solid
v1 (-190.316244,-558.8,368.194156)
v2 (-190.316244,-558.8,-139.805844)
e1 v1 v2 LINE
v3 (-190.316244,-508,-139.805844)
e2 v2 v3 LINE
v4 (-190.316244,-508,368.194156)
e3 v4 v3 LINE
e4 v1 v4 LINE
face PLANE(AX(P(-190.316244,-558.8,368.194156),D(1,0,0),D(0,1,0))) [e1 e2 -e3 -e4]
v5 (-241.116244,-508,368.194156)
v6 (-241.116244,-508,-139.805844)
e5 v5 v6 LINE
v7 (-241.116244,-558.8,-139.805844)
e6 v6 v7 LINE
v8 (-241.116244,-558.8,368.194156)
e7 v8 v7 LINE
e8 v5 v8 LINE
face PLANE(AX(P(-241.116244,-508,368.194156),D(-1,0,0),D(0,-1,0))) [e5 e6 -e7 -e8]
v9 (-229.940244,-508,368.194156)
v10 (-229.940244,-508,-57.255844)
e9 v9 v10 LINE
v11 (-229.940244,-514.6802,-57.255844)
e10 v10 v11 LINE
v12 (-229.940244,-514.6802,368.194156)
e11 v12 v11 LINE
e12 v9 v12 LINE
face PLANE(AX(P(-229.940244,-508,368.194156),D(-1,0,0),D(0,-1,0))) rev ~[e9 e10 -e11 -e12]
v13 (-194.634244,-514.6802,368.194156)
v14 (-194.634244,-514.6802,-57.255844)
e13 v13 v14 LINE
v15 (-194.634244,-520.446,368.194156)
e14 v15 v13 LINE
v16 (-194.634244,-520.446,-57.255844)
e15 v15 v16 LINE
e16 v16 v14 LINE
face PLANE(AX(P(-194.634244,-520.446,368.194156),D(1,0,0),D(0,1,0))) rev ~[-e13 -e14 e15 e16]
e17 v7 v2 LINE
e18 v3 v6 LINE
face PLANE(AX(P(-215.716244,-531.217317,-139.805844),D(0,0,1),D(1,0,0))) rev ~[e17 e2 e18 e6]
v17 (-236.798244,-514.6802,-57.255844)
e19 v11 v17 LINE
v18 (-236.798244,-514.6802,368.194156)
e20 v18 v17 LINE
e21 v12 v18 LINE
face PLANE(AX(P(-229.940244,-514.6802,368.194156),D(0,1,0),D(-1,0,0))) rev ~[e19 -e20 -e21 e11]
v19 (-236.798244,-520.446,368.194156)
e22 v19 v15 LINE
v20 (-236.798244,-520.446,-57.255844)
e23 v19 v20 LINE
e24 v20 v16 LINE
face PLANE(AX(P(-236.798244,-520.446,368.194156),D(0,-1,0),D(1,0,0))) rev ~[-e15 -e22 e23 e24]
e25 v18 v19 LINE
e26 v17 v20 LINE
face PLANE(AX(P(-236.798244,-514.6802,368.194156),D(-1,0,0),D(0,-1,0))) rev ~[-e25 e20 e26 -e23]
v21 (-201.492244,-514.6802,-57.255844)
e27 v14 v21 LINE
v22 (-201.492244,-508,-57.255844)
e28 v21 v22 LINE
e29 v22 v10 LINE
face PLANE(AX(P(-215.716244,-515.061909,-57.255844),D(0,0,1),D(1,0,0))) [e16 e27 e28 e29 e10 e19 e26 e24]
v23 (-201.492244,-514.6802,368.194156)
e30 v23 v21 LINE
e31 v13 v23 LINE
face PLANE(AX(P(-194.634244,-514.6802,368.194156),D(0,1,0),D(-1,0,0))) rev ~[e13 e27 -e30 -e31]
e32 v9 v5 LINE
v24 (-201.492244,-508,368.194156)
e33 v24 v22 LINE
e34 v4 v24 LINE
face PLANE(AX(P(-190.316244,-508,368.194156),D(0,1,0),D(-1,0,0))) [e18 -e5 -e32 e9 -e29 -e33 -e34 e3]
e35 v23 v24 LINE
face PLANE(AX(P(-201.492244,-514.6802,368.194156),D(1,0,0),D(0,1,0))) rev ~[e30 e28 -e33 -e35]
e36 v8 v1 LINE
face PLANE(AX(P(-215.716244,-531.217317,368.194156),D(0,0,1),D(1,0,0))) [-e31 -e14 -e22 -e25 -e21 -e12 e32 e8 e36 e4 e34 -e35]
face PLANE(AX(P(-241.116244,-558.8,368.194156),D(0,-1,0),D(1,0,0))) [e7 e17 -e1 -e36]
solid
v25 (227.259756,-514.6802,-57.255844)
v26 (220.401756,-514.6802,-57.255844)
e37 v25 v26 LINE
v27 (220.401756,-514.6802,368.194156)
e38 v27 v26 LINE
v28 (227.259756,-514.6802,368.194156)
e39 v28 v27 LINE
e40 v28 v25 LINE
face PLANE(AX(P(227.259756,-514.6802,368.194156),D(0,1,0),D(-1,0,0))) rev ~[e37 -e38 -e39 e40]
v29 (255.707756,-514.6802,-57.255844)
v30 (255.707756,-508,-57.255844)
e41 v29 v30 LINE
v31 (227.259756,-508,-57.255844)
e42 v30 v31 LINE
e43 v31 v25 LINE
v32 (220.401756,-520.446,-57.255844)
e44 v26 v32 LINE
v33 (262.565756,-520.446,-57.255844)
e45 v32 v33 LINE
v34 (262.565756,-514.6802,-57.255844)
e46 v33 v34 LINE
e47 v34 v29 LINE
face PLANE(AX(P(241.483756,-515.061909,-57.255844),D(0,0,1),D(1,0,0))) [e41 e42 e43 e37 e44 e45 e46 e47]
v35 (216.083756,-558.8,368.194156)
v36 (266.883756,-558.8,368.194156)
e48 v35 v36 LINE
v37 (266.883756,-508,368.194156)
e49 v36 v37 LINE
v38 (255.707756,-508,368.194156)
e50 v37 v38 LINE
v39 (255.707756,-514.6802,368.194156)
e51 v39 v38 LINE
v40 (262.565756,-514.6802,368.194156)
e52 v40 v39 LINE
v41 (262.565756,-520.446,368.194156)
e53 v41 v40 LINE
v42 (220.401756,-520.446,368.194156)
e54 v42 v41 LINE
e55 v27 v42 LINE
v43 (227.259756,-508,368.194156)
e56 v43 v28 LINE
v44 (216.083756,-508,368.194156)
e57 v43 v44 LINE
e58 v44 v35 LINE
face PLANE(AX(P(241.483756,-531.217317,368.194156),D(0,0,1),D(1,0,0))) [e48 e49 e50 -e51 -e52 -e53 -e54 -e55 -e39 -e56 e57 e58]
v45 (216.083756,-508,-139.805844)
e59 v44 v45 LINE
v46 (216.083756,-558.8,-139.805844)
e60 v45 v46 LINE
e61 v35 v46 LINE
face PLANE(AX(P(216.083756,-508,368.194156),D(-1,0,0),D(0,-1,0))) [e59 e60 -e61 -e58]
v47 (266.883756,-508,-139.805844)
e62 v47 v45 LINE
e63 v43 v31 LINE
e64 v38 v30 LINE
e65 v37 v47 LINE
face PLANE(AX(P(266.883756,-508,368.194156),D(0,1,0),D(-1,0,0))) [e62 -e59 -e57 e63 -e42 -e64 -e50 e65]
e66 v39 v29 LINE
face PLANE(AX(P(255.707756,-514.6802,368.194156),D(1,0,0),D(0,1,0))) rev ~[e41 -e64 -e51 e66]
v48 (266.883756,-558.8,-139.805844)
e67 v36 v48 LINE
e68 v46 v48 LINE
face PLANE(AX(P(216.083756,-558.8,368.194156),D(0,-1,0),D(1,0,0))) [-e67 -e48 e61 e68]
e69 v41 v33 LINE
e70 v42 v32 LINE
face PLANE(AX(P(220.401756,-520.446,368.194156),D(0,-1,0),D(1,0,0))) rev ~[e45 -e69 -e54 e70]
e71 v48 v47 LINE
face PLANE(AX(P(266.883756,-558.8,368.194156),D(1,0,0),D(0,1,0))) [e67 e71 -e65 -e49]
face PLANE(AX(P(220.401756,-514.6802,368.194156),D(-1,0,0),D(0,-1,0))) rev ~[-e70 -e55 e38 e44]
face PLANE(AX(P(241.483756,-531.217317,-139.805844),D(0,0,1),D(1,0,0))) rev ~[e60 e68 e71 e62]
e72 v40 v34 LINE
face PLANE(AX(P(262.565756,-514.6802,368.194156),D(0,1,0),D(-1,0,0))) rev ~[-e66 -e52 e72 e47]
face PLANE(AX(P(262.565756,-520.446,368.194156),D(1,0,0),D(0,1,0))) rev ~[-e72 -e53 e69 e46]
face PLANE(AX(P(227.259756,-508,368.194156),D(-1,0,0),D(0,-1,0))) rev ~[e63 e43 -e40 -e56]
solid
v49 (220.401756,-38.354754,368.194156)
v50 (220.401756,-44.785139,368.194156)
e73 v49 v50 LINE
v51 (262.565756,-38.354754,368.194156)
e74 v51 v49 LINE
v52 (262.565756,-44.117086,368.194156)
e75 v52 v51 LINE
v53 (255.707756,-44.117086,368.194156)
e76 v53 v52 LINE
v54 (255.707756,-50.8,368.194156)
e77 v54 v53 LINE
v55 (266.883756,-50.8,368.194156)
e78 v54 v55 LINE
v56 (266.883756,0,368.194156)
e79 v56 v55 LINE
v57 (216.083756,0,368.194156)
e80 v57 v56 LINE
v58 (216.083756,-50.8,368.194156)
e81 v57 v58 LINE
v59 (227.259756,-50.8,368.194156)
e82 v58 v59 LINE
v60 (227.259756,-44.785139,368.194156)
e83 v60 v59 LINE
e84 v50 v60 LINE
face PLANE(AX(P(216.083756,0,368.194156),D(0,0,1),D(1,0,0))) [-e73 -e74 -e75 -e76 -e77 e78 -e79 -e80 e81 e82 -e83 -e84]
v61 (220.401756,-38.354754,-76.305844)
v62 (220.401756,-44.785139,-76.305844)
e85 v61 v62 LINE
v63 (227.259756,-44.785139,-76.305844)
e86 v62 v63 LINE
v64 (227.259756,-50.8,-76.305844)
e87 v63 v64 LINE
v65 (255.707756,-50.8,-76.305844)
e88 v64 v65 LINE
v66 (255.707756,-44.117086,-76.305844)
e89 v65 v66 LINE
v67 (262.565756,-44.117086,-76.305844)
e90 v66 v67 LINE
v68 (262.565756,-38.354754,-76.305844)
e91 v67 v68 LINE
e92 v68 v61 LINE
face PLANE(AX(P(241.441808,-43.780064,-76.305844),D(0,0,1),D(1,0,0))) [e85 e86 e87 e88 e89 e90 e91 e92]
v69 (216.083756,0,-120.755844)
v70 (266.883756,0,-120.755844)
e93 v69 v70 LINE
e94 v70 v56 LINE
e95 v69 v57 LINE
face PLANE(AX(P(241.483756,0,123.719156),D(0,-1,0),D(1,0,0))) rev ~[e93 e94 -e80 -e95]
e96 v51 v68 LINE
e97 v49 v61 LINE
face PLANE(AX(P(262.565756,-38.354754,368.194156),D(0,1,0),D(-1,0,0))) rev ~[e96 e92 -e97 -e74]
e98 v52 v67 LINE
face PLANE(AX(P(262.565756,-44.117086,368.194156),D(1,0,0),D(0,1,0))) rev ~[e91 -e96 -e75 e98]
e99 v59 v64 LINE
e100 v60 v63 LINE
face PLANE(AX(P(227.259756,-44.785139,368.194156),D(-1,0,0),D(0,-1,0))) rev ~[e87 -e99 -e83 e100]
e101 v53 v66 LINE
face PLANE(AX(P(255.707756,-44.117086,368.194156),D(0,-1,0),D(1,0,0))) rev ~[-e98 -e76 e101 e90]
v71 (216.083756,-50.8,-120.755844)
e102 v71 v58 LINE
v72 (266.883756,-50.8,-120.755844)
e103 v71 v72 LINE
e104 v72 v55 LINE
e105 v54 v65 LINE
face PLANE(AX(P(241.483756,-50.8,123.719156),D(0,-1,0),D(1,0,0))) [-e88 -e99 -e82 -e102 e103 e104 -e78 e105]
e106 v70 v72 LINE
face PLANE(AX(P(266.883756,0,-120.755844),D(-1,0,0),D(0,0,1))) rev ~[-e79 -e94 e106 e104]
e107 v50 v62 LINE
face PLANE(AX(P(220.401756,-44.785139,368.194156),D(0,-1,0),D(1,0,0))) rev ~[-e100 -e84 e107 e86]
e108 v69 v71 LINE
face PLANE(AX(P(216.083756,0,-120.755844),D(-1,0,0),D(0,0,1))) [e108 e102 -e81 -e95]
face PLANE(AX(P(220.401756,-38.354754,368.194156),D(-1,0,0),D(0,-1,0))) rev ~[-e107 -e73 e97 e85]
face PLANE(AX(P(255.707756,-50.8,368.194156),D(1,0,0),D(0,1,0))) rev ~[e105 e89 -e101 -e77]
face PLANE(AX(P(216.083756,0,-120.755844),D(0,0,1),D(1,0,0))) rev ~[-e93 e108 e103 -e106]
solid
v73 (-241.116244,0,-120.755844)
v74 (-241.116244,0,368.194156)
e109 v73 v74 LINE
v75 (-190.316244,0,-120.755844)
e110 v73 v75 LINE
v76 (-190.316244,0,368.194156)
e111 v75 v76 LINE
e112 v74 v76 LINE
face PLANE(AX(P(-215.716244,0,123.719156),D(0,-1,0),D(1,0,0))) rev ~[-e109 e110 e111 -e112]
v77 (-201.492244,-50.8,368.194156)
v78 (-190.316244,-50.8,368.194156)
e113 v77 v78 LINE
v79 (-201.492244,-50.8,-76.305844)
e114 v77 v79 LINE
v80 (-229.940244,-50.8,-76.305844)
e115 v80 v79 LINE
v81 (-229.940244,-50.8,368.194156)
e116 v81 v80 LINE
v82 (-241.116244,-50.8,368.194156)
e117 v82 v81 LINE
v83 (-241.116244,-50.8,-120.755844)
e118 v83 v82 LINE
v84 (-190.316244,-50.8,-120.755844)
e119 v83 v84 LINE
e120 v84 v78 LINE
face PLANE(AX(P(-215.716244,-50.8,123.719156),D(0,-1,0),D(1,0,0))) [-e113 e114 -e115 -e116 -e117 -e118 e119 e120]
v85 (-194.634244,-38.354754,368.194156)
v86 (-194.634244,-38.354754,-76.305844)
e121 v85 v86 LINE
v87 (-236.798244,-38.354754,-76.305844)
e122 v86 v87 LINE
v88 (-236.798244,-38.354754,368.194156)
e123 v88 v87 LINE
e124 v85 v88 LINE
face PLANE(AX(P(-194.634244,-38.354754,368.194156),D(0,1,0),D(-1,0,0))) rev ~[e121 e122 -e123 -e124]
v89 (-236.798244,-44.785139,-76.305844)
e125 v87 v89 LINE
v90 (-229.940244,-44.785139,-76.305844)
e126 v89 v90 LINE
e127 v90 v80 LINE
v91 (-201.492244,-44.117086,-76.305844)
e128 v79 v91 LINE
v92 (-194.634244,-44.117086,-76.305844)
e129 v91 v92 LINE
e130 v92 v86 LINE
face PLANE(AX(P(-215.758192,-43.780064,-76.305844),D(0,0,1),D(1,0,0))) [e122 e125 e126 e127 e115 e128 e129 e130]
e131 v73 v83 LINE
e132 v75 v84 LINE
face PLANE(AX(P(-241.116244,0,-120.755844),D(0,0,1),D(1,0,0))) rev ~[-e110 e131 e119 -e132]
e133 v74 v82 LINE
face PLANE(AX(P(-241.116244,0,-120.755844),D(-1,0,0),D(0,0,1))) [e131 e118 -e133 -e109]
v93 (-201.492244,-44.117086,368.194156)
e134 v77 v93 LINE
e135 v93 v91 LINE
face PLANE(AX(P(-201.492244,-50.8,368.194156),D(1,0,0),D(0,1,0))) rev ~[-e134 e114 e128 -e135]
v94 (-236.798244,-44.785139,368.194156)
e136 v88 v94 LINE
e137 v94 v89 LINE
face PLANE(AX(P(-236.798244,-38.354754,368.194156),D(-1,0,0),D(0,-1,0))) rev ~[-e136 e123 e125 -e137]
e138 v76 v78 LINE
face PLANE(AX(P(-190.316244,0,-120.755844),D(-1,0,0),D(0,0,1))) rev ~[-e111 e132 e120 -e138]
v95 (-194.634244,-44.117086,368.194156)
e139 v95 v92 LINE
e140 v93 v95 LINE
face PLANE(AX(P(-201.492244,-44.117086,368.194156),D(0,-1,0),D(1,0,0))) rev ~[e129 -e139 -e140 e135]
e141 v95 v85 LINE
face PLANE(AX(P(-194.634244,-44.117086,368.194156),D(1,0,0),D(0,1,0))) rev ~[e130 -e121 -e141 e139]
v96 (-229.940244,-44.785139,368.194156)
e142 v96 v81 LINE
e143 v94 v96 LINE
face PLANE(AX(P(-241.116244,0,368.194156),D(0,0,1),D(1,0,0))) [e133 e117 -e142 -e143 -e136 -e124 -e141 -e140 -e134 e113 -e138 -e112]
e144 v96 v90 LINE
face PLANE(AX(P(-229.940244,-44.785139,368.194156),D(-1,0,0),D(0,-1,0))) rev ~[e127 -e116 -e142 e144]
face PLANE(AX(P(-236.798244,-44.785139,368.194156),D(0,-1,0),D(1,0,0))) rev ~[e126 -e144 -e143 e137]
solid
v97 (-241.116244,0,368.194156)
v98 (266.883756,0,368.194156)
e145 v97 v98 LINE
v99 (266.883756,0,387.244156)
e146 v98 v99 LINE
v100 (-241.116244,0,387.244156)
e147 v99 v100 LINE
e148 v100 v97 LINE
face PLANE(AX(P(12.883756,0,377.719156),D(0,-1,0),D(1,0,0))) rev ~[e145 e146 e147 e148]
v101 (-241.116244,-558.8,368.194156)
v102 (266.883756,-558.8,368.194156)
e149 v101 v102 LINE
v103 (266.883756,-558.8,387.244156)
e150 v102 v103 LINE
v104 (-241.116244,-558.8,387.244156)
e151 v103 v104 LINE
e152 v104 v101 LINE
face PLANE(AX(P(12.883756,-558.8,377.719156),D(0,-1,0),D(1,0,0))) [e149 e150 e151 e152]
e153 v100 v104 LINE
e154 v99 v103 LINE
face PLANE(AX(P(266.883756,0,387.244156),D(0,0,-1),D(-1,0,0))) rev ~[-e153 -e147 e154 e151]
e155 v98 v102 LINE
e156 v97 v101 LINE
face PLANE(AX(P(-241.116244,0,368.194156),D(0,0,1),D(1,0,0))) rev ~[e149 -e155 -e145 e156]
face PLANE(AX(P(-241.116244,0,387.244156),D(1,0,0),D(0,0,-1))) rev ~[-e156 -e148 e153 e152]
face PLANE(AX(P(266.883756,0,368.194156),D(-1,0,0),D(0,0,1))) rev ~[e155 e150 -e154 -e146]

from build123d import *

# Parameters (mm, degrees)
F0_W      = 50.8
F0_H      = 488.95
F1_DEPTH  = 50.8
F3_DEPTH  = 444.5
F5_DEPTH  = 444.5
F6_DEPTH  = 558.8
F8_START  = -19.05
F8_DEPTH  = 508
F9_START  = -19.05
F9_DEPTH  = 425.45
F10_START = -19.05
F10_DEPTH = 425.45


with BuildPart() as f1:
    # F0 (on Front) → F1 (new body)
    with BuildSketch(Plane.XZ):
        with Locations((-215.7162436903, 123.7191561818)):
            Rectangle(F0_W, F0_H)
    extrude(amount=F1_DEPTH)

    # F2 (on face) → F3 (cut)
    with BuildSketch(Plane.XY.offset(368.1941561818)):
        Polygon((-229.9402436903, -44.7851385266), (-229.9402436903, -50.8), (-201.4922436903, -50.8), (-201.4922436903, -44.1170856357), (-194.6342436903, -44.1170856357), (-194.6342436903, -38.3547544479), (-236.7982436903, -38.3547544479), (-236.7982436903, -44.7851385266), align=None)
    extrude(amount=-F3_DEPTH, mode=Mode.SUBTRACT)

    # F7 (on face) → F10 (cut)
    with BuildSketch(Plane.XY.offset(387.2441561818).offset(F10_START)):
        Polygon((255.7077563097, -514.6802), (255.7077563097, -508), (227.2597563097, -508), (227.2597563097, -514.6802), (220.4017563097, -514.6802), (220.4017563097, -520.446), (262.5657563097, -520.446), (262.5657563097, -514.6802), align=None)
    extrude(amount=-F10_DEPTH, mode=Mode.SUBTRACT)


with BuildPart() as f1b:
    # F0 (on Front) → F1, piece 2 (new body)
    with BuildSketch(Plane.XZ):
        with Locations((241.4837563097, 123.7191561818)):
            Rectangle(F0_W, F0_H)
    extrude(amount=F1_DEPTH)

    # F4 (on face) → F5 (cut)
    with BuildSketch(Plane.XY.offset(368.1941561818)):
        Polygon((227.2597563097, -44.7851385266), (227.2597563097, -50.8), (255.7077563097, -50.8), (255.7077563097, -44.1170856357), (262.5657563097, -44.1170856357), (262.5657563097, -38.3547544479), (220.4017563097, -38.3547544479), (220.4017563097, -44.7851385266), align=None)
    extrude(amount=-F5_DEPTH, mode=Mode.SUBTRACT)


with BuildPart() as f6:
    # F0 (on Front) → F6 (new body)
    with BuildSketch(Plane.XZ):
        Polygon((266.8837563097, 387.2441561818), (-241.1162436903, 387.2441561818), (-241.1162436903, 368.1941561818), (-190.3162436903, 368.1941561818), (216.0837563097, 368.1941561818), (266.8837563097, 368.1941561818), align=None)
    extrude(amount=F6_DEPTH)


with BuildPart() as f8:
    # F7 (on face) → F8 (new body)
    with BuildSketch(Plane.XY.offset(387.2441561818).offset(F8_START)):
        Polygon((216.0837563097, -508), (216.0837563097, -558.8), (266.8837563097, -558.8), (266.8837563097, -508), (255.7077563097, -508), (255.7077563097, -514.6802), (262.5657563097, -514.6802), (262.5657563097, -520.446), (220.4017563097, -520.446), (220.4017563097, -514.6802), (227.2597563097, -514.6802), (227.2597563097, -508), align=None)
        Polygon((255.7077563097, -514.6802), (255.7077563097, -508), (227.2597563097, -508), (227.2597563097, -514.6802), (220.4017563097, -514.6802), (220.4017563097, -520.446), (262.5657563097, -520.446), (262.5657563097, -514.6802), align=None)
    extrude(amount=-F8_DEPTH)


with BuildPart() as f8b:
    # F7 (on face) → F8, piece 2 (new body)
    with BuildSketch(Plane.XY.offset(387.2441561818).offset(F8_START)):
        Polygon((-229.9402436903, -508), (-241.1162436903, -508), (-241.1162436903, -558.8), (-190.3162436903, -558.8), (-190.3162436903, -508), (-201.4922436903, -508), (-201.4922436903, -514.6802), (-194.6342436903, -514.6802), (-194.6342436903, -520.446), (-236.7982436903, -520.446), (-236.7982436903, -514.6802), (-229.9402436903, -514.6802), align=None)
        Polygon((-201.4922436903, -508), (-229.9402436903, -508), (-229.9402436903, -514.6802), (-236.7982436903, -514.6802), (-236.7982436903, -520.446), (-194.6342436903, -520.446), (-194.6342436903, -514.6802), (-201.4922436903, -514.6802), align=None)
    extrude(amount=-F8_DEPTH)


with BuildPart() as f9_tool:
    # F7 (on face) → F9 (new body)
    with BuildSketch(Plane.XY.offset(387.2441561818).offset(F9_START)):
        Polygon((-201.4922436903, -508), (-229.9402436903, -508), (-229.9402436903, -514.6802), (-236.7982436903, -514.6802), (-236.7982436903, -520.446), (-194.6342436903, -520.446), (-194.6342436903, -514.6802), (-201.4922436903, -514.6802), align=None)
        Polygon((255.7077563097, -514.6802), (255.7077563097, -508), (227.2597563097, -508), (227.2597563097, -514.6802), (220.4017563097, -514.6802), (220.4017563097, -520.446), (262.5657563097, -520.446), (262.5657563097, -514.6802), align=None)
    extrude(amount=-F9_DEPTH)


with BuildPart() as f8_1:
    add(f8.part)

    # F9: cut by f9_tool
    add(f9_tool.part, mode=Mode.SUBTRACT)


with BuildPart() as f8b_1:
    add(f8b.part)

    # F9: cut by f9_tool
    add(f9_tool.part, mode=Mode.SUBTRACT)


solid = Compound([f1.part, f1b.part, f6.part, f8_1.part, f8b_1.part])
